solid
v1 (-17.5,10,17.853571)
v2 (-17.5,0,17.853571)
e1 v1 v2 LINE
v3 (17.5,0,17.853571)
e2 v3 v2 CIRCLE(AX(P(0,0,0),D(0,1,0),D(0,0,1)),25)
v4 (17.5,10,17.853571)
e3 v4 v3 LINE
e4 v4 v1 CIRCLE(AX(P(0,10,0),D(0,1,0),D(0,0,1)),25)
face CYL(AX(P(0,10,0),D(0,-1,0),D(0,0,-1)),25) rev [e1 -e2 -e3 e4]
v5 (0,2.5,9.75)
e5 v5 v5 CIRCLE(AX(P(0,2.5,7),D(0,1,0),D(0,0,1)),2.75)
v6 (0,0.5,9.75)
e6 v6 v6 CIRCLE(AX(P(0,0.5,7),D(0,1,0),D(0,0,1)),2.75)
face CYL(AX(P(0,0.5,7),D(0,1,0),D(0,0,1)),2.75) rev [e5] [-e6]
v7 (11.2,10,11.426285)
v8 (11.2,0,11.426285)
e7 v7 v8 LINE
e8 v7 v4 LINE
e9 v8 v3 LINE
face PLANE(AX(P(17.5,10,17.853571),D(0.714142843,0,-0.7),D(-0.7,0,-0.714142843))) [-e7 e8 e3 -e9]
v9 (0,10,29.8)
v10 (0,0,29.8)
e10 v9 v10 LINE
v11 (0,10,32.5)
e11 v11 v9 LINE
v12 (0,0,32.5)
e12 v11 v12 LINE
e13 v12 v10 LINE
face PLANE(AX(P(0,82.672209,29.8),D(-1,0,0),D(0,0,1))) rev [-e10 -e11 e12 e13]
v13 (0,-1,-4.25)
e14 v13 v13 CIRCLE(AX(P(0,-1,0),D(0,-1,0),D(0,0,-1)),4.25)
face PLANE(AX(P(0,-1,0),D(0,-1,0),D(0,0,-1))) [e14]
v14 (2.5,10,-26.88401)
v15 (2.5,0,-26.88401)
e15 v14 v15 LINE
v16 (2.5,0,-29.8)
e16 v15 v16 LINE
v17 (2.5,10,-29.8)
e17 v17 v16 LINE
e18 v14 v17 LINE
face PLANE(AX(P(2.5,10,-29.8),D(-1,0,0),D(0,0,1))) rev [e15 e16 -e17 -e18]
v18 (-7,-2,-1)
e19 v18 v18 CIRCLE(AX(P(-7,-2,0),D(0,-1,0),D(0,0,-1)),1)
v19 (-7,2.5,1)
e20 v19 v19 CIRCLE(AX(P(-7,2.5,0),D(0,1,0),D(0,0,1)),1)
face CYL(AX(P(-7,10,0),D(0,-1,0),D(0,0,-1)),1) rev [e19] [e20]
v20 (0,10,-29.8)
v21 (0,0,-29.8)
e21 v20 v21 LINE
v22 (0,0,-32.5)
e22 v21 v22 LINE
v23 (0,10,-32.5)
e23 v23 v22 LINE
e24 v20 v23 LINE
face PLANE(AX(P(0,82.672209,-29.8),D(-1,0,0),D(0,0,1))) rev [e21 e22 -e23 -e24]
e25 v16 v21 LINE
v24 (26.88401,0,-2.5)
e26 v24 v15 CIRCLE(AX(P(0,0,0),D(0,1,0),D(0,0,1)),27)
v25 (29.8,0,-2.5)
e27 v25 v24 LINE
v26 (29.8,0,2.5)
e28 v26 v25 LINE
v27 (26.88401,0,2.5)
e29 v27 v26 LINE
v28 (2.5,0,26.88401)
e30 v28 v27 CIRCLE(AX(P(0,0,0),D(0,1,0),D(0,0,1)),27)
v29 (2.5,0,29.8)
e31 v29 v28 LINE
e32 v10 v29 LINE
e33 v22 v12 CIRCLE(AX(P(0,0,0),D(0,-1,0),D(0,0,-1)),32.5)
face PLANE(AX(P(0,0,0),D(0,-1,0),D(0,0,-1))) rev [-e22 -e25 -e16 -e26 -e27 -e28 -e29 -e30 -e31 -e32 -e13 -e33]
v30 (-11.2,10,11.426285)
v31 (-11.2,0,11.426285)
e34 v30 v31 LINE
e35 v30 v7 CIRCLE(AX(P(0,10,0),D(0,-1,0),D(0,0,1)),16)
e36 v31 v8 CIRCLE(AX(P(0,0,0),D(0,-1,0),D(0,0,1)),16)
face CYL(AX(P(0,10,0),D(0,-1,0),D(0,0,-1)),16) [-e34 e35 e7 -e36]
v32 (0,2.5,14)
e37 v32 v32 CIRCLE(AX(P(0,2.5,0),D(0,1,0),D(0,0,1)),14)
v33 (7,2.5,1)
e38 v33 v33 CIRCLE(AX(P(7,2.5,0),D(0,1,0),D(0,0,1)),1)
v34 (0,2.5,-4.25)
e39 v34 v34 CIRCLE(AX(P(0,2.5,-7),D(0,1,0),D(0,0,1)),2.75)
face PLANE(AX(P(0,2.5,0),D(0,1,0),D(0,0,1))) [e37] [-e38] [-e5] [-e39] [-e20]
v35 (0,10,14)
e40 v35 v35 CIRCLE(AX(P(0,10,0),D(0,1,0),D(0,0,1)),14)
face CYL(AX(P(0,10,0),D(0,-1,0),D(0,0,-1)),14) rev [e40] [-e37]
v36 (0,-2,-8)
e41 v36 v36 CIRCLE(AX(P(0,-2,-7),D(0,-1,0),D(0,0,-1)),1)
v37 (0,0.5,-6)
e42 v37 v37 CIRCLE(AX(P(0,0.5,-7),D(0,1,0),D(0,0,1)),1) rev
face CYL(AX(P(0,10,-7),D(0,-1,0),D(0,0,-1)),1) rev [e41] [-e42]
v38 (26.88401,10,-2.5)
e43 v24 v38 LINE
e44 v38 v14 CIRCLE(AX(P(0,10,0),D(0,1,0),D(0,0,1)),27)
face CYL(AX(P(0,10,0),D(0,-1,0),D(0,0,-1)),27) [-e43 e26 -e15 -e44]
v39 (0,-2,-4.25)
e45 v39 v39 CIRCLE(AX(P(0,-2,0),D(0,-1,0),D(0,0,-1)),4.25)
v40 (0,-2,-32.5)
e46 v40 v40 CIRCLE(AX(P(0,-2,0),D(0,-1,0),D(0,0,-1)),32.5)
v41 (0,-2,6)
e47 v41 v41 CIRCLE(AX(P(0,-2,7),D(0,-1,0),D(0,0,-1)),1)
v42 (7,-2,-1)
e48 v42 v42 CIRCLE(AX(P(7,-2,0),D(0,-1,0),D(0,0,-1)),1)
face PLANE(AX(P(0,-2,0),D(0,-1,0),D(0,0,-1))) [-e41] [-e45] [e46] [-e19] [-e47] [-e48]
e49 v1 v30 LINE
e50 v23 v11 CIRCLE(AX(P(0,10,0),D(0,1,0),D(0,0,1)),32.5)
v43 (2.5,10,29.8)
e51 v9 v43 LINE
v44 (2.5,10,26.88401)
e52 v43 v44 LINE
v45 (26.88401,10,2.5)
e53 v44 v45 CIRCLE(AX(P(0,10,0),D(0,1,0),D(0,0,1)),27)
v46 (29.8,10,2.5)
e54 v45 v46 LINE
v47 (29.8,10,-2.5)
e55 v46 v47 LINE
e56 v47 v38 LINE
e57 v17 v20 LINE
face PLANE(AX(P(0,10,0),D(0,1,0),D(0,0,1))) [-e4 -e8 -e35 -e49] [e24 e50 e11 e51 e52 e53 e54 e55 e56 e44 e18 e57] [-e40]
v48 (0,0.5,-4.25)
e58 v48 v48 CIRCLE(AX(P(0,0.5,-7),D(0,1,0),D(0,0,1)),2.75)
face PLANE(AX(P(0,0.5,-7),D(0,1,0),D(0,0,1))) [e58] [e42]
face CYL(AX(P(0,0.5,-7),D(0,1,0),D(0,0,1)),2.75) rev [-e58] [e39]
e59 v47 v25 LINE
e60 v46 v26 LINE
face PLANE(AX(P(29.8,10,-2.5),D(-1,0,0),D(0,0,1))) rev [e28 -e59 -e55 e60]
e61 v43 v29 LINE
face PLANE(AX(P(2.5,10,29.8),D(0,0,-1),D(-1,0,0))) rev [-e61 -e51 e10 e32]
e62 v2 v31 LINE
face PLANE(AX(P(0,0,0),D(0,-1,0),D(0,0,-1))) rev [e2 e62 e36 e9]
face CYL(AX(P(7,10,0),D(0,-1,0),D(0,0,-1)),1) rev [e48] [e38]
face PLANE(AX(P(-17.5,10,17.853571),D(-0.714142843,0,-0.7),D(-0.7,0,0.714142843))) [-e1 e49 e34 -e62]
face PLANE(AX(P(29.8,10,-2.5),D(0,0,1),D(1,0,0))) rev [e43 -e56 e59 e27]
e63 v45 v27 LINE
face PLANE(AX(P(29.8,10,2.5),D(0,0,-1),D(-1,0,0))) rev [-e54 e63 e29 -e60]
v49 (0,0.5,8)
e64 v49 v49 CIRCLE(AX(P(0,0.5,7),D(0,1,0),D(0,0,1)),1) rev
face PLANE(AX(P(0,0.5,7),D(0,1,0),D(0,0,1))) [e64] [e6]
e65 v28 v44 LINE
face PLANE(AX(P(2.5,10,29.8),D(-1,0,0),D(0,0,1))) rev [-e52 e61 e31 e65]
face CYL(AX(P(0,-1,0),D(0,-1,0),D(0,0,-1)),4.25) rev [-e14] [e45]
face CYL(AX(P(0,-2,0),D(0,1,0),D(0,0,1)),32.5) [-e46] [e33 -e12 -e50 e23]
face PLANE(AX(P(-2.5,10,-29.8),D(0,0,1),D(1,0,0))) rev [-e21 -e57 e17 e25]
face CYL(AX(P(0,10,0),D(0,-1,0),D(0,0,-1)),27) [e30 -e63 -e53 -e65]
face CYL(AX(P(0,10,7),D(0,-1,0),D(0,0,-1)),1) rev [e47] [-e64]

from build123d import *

# Parameters (mm, degrees)
SKETCH1_R               = 27
SKETCH1_R_2             = 14
BOSS_EXTRUDE1_DEPTH     = 10
SKETCH2_R               = 32.5
BOSS_EXTRUDE2_DEPTH     = 2
SKETCH3_W               = 5
SKETCH3_H               = 4.39677325
SKETCH3_W_2             = 4.39677325
SKETCH3_H_2             = 5
BOSS_EXTRUDE3_DEPTH     = 10
BOSS_EXTRUDE4_DEPTH     = 10
BOSS_EXTRUDE5_START     = -2.5
SKETCH6_R               = 14
BOSS_EXTRUDE5_DEPTH     = 2.5
CUT_EXTRUDE1_DEPTH      = 48.502631506
CUT_EXTRUDE1_DEPTH_BACK = 48.502631506
SKETCH4_R               = 1
SKETCH10_R              = 2.75
CUT_EXTRUDE4_DEPTH      = 2
SKETCH11_R              = 4.25
CUT_EXTRUDE5_DEPTH      = 1


with BuildPart() as part:
    # Sketch1 → Boss-Extrude1 (new body)
    with BuildSketch(Plane(origin=(0, 0, 0), x_dir=(1, 0, 0), z_dir=(0, 1, 0))):
        with Locations(Location((0, 0, 0), (0, 0, 270))):
            Circle(SKETCH1_R)
        with Locations(Location((0, 0, 0), (0, 0, 270))):
            Circle(SKETCH1_R_2, mode=Mode.SUBTRACT)
        with BuildLine():
            Line((-17.5, -17.853571071), (-11.2, -11.426285486))
            ThreePointArc((-11.2, -11.426285486), (0, 16), (11.2, -11.426285486))
            Line((11.2, -11.426285486), (17.5, -17.853571071))
            ThreePointArc((17.5, -17.853571071), (0, 25), (-17.5, -17.853571071))
        make_face(mode=Mode.SUBTRACT)
    extrude(amount=BOSS_EXTRUDE1_DEPTH)

    # Sketch2 → Boss-Extrude2 (add)
    with BuildSketch(Plane.XZ):
        with Locations(Location((0, 0, 0), (0, 0, 270))):
            Circle(SKETCH2_R)
    extrude(amount=BOSS_EXTRUDE2_DEPTH)

    # Sketch3 → Boss-Extrude3 (add)
    with BuildSketch(Plane(origin=(0, 0, 0), x_dir=(1, 0, 0), z_dir=(0, 1, 0))):
        with Locations((0, 27.601613375)):
            Rectangle(SKETCH3_W, SKETCH3_H)
        with Locations((27.601613375, 0)):
            Rectangle(SKETCH3_W_2, SKETCH3_H_2)
        with Locations((0, -27.601613375)):
            Rectangle(SKETCH3_W, SKETCH3_H)
        with Locations((-27.601613375, 0)):
            Rectangle(SKETCH3_W_2, SKETCH3_H_2)
    extrude(amount=BOSS_EXTRUDE3_DEPTH)

    # Sketch5 → Boss-Extrude4 (add)
    with BuildSketch(Plane(origin=(0, 0, 0), x_dir=(1, 0, 0), z_dir=(0, 1, 0))):
        with BuildLine():
            Line((0, 29.8), (0, 32.5))
            ThreePointArc((0, 32.5), (-32.5, 0), (0, -32.5))
            Line((0, -32.5), (0, -29.8))
            Line((0, -29.8), (-2.5, -29.8))
            Line((-2.5, -29.8), (-2.5, -26.884010118))
            ThreePointArc((-2.5, -26.884010118), (-19.091883092, -19.091883092), (-26.884010118, -2.5))
            Line((-26.884010118, -2.5), (-29.8, -2.5))
            Line((-29.8, -2.5), (-29.8, 2.5))
            Line((-29.8, 2.5), (-26.884010118, 2.5))
            ThreePointArc((-26.884010118, 2.5), (-19.091883092, 19.091883092), (-2.5, 26.884010118))
            Line((-2.5, 26.884010118), (-2.5, 29.8))
            Line((-2.5, 29.8), (0, 29.8))
        make_face()
    extrude(amount=BOSS_EXTRUDE4_DEPTH)

    # Sketch6 → Boss-Extrude5 (add)
    with BuildSketch(Plane(origin=(0, 2.5, 0), x_dir=(1, 0, 0), z_dir=(0, 1, 0)).offset(BOSS_EXTRUDE5_START)):
        with Locations(Location((0, 0, 0), (0, 0, 270))):
            Circle(SKETCH6_R)
    extrude(amount=BOSS_EXTRUDE5_DEPTH)

    # Sketch4 → Cut-Extrude1 (cut, two sides: drawn at the far end of the back side and taken through both)
    with BuildSketch(Plane.XZ.offset(2).offset(-CUT_EXTRUDE1_DEPTH_BACK)):
        with Locations(Location((0, -7, 0), (0, 0, 270))):
            Circle(SKETCH4_R)
        with Locations(Location((-7, 0, 0), (0, 0, 270))):
            Circle(SKETCH4_R)
        with Locations(Location((0, 7, 0), (0, 0, 270))):
            Circle(SKETCH4_R)
        with Locations(Location((7, 0, 0), (0, 0, 270))):
            Circle(SKETCH4_R)
    extrude(amount=CUT_EXTRUDE1_DEPTH + CUT_EXTRUDE1_DEPTH_BACK, mode=Mode.SUBTRACT)

    # Sketch10 → Cut-Extrude4 (cut)
    with BuildSketch(Plane(origin=(0, 2.5, 0), x_dir=(1, 0, 0), z_dir=(0, 1, 0))):
        with Locations(Location((0, 7, 0), (0, 0, 270))):
            Circle(SKETCH10_R)
        with Locations(Location((0, -7, 0), (0, 0, 270))):
            Circle(SKETCH10_R)
    extrude(amount=-CUT_EXTRUDE4_DEPTH, mode=Mode.SUBTRACT)

    # Sketch11 → Cut-Extrude5 (cut)
    with BuildSketch(Plane.XZ.offset(2)):
        with Locations(Location((0, 0, 0), (0, 0, 270))):
            Circle(SKETCH11_R)
    extrude(amount=-CUT_EXTRUDE5_DEPTH, mode=Mode.SUBTRACT)


solid = part.part
